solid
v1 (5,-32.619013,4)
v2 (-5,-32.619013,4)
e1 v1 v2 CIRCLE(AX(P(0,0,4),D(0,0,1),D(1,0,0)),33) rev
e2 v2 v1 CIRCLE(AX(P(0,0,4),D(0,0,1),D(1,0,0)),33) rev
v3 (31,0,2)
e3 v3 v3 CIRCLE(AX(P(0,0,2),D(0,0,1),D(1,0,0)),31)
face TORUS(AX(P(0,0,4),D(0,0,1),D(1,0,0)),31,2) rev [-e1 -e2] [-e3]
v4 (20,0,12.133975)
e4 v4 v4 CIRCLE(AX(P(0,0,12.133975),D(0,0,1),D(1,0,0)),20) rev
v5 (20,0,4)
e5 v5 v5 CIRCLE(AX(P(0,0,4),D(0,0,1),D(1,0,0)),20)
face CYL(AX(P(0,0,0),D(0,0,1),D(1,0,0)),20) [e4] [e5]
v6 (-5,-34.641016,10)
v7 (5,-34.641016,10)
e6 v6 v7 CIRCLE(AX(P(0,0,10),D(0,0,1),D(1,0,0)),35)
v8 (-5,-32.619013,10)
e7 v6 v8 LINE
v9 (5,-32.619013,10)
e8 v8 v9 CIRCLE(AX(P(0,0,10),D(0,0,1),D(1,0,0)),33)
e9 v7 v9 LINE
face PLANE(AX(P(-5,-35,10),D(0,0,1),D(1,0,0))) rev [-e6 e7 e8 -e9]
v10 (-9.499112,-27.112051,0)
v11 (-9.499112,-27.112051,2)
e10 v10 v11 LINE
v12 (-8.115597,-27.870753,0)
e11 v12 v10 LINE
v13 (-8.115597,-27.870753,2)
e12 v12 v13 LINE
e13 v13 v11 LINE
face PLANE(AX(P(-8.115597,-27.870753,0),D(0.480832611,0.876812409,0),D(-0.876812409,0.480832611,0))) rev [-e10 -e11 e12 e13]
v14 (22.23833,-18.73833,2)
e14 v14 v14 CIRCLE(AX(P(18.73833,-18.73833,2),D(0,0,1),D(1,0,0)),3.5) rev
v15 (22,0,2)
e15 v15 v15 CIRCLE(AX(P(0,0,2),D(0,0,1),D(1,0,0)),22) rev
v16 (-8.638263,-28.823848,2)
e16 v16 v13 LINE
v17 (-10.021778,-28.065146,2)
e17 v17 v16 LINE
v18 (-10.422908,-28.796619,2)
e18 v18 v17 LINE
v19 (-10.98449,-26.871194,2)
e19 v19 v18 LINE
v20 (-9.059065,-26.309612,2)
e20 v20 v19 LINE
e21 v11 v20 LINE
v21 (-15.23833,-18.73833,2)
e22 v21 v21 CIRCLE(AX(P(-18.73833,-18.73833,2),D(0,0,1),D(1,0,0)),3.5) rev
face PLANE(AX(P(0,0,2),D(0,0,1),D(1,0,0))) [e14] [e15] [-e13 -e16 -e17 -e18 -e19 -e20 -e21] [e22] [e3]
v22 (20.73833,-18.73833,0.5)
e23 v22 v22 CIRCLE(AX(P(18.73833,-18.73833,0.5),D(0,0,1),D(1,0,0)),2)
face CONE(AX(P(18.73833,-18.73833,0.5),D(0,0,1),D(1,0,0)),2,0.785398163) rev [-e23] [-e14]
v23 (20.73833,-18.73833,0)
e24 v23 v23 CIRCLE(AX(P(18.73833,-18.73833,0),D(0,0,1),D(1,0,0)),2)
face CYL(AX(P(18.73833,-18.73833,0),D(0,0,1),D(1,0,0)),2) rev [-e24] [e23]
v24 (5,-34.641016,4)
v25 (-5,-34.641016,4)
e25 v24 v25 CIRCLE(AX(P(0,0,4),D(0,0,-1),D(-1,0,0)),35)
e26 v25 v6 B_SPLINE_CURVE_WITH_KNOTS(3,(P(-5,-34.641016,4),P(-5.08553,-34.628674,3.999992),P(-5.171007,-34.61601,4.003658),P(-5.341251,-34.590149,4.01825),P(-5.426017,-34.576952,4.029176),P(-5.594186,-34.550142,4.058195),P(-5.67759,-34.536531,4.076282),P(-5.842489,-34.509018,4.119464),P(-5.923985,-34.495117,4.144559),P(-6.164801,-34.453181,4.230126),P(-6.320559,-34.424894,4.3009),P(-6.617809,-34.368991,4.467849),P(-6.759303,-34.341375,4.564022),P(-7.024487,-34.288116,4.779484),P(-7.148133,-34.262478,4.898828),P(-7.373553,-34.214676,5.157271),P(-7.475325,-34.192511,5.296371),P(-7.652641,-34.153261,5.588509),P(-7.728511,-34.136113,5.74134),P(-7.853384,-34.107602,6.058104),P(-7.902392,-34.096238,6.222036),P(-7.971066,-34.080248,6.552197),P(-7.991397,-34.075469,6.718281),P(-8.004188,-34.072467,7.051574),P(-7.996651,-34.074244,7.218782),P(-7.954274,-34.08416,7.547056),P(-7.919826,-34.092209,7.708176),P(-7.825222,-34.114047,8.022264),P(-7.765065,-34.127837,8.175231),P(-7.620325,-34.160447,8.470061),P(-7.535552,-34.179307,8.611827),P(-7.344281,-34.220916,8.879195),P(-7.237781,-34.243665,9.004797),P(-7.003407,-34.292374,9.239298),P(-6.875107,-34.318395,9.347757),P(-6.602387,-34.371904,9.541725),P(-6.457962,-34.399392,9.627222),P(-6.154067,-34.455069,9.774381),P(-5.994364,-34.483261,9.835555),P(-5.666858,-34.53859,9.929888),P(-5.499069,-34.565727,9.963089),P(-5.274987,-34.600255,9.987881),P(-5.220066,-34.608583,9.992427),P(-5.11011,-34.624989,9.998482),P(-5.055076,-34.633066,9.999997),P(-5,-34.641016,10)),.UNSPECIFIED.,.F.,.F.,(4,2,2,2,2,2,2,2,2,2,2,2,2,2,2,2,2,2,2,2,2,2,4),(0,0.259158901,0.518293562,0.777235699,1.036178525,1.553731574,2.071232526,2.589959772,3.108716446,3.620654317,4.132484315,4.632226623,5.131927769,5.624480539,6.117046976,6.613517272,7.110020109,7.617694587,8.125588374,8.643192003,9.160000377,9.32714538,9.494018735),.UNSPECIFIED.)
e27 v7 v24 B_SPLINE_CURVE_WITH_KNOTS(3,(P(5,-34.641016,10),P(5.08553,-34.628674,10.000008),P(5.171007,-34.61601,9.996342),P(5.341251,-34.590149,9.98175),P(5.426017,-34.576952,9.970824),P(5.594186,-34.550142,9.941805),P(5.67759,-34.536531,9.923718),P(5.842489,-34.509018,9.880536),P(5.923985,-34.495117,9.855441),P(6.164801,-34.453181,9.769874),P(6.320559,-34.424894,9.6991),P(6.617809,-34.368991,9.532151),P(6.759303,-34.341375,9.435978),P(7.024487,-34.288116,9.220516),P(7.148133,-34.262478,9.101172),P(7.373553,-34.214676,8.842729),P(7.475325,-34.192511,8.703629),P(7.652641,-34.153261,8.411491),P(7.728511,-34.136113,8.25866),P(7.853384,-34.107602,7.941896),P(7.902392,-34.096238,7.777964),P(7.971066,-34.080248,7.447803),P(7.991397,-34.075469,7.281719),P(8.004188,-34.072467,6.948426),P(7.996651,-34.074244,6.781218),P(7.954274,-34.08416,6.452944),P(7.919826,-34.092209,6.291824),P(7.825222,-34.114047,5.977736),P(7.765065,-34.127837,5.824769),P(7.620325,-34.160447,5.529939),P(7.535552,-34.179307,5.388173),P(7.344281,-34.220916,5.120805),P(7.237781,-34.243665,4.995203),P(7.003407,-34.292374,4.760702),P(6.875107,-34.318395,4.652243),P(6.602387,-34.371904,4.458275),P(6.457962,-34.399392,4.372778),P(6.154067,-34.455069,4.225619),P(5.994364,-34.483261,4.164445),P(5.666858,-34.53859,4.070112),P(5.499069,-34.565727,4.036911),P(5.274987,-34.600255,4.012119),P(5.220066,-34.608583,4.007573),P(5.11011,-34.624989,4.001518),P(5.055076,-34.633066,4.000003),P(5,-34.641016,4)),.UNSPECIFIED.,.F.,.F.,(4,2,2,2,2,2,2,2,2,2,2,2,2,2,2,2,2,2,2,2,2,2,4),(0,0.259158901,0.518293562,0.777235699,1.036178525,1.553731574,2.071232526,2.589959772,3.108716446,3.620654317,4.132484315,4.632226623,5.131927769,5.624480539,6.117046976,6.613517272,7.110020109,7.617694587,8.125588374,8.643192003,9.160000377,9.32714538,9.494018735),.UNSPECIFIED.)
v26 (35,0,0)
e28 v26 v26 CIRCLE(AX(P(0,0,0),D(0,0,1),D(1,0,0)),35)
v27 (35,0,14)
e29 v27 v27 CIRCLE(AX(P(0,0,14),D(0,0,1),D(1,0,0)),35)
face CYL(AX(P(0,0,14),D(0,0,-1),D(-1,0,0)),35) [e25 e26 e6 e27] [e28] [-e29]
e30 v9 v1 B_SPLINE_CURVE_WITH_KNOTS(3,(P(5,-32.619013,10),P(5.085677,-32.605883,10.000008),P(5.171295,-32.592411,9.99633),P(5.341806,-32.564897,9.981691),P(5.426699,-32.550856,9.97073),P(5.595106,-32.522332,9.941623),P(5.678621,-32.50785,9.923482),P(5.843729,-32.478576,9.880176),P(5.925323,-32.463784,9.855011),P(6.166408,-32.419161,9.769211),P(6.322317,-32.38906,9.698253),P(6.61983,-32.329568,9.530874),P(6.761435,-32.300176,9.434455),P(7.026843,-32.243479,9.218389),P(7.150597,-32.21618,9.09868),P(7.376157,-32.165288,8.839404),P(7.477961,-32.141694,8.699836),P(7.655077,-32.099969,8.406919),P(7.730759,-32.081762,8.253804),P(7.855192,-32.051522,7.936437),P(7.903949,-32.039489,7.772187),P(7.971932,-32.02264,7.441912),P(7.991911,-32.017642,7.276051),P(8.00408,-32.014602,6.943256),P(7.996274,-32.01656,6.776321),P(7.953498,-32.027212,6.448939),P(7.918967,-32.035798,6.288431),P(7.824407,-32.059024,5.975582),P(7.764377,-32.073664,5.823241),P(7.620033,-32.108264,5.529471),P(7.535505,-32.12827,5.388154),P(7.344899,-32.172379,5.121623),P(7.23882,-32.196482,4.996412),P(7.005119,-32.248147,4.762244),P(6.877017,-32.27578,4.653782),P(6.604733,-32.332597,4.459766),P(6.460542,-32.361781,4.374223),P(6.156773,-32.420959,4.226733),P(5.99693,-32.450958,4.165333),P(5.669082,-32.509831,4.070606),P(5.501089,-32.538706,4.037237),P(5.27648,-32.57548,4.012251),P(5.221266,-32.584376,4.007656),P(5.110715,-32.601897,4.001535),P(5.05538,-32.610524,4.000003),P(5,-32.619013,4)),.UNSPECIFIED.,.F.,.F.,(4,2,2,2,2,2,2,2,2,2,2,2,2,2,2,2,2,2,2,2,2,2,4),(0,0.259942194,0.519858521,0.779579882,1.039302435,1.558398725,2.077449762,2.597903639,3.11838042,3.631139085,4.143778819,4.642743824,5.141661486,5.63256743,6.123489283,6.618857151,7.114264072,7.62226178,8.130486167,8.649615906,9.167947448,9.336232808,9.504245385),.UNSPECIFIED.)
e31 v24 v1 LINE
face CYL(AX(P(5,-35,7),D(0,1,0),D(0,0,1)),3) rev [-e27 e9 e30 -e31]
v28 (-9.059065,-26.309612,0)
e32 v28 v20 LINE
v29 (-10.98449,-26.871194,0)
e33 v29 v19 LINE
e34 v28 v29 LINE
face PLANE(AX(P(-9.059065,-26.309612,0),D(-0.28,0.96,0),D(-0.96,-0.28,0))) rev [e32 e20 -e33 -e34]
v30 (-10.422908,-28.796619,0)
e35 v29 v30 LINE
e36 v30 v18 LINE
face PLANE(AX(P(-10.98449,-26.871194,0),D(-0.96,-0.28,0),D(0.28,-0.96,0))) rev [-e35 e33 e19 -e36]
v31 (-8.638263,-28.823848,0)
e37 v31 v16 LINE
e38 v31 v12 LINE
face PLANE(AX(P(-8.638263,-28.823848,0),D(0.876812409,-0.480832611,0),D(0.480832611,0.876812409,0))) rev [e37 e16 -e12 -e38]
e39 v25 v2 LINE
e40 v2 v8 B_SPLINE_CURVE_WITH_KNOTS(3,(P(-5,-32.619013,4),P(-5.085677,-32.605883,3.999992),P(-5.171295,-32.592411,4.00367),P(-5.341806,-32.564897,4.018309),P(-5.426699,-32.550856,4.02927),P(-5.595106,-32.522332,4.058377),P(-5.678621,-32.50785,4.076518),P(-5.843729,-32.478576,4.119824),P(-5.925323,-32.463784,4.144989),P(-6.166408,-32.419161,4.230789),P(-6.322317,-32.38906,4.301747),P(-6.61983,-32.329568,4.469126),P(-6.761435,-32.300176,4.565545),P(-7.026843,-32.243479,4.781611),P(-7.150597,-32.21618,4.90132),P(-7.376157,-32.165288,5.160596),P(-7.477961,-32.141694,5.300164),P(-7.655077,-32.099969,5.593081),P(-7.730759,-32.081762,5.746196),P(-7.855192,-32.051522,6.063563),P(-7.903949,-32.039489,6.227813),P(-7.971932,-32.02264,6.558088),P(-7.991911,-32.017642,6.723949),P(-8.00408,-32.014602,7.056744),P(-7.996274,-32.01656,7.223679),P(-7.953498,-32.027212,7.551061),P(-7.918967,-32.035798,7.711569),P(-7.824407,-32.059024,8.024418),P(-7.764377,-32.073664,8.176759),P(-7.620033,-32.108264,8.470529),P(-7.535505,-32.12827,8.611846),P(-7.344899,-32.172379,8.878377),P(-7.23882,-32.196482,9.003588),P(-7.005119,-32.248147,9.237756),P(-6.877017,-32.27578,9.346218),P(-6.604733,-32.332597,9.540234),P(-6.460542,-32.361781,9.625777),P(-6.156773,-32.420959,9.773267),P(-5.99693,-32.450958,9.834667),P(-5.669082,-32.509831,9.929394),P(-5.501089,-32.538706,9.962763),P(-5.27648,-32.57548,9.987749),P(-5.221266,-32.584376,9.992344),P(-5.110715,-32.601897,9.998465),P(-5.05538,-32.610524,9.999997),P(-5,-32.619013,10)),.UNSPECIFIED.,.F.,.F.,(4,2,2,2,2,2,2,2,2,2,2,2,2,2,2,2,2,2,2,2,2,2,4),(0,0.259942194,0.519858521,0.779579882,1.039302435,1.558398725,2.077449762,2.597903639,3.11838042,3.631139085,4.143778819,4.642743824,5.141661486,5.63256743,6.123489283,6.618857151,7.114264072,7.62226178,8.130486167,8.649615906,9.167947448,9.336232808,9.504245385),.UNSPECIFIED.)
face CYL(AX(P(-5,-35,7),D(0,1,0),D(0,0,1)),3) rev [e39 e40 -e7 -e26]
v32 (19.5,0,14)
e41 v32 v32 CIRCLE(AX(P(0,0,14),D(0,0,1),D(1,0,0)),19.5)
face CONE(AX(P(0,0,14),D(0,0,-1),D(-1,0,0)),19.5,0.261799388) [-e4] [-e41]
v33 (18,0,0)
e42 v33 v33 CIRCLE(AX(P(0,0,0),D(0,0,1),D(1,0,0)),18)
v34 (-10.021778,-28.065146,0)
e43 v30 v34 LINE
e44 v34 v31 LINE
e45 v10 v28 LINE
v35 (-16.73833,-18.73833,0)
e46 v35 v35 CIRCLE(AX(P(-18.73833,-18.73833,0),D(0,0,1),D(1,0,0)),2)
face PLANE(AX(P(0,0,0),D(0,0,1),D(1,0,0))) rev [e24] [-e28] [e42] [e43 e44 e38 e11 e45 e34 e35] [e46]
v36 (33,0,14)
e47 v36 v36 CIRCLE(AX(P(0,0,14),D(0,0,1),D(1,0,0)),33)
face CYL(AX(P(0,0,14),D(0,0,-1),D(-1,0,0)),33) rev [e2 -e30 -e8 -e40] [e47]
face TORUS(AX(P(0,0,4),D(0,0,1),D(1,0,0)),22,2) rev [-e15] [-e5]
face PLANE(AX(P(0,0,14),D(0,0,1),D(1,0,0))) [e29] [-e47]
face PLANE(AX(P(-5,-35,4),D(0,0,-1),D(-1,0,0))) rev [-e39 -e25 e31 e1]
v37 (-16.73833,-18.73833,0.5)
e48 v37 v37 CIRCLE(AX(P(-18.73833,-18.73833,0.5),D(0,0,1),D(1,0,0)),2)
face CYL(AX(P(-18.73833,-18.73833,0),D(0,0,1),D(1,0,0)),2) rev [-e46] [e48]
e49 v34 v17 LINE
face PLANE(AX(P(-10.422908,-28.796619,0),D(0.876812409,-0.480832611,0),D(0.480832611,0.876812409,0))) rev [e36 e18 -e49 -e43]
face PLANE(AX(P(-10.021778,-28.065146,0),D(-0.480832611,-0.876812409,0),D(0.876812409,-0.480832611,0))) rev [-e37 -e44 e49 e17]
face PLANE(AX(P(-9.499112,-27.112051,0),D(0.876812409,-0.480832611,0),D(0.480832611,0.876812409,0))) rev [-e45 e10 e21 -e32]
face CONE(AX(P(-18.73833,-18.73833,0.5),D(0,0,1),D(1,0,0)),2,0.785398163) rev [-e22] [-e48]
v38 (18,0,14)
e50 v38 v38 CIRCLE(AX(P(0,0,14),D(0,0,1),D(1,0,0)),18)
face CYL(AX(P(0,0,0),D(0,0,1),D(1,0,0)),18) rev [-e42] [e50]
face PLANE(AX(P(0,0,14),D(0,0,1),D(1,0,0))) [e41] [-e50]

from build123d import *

# Parameters (mm, degrees)
CROQUIS1_R              = 35
SALIENTE_EXTRUIR1_DEPTH = 14
CROQUIS2_R              = 18
CORTAR_EXTRUIR1_DEPTH   = 52.439284598
VACIADO1_T              = -2
REDONDEO1_R             = 2
CORTAR_EXTRUIR2_START   = -22
CORTAR_EXTRUIR2_DEPTH   = 30.439284598
CROQUIS4_R              = 2
CORTAR_EXTRUIR3_DEPTH   = 51.931326474
CHAFL_N1_SIZE           = 1.5
CHAFL_N2_SIZE           = 0.5
CHAFL_N2_SIZE2          = 1.866025404


with BuildPart() as part:
    # Croquis1 → Saliente-Extruir1 (new body)
    with BuildSketch(Plane.XY):
        Circle(CROQUIS1_R)
    extrude(amount=SALIENTE_EXTRUIR1_DEPTH)

    # Croquis2 → Cortar-Extruir1 (cut, through all)
    with BuildSketch(Plane.XY.offset(14)):
        Circle(CROQUIS2_R)
    extrude(amount=-CORTAR_EXTRUIR1_DEPTH, mode=Mode.SUBTRACT)

    # Vaciado1
    vaciado1_openings = [part.faces().sort_by_distance(p)[0] for p in [
        (-34.010050506, 0, 14),
    ]]
    offset(amount=VACIADO1_T, openings=vaciado1_openings, kind=Kind.INTERSECTION)

    # Redondeo1
    redondeo1_edges = [part.edges().sort_by_distance(p)[0] for p in [
        (-33, 0, 2),
        (-20, 0, 2),
    ]]
    fillet(redondeo1_edges, radius=REDONDEO1_R)

    # Croquis3 → Cortar-Extruir2 (cut, through all)
    with BuildSketch(Plane(origin=(0, 0, 0), x_dir=(1, 0, 0), z_dir=(0, 1, 0)).offset(CORTAR_EXTRUIR2_START)):
        with BuildLine():
            Line((-5, -4), (5, -4))
            ThreePointArc((5, -4), (8, -7), (5, -10))
            Line((5, -10), (-5, -10))
            ThreePointArc((-5, -10), (-8, -7), (-5, -4))
        make_face()
    extrude(amount=-CORTAR_EXTRUIR2_DEPTH, mode=Mode.SUBTRACT)

    # Croquis4 → Cortar-Extruir3 (cut, through all)
    with BuildSketch(Plane.XY.offset(2)):
        with Locations((-18.738329701, -18.738329701)):
            Circle(CROQUIS4_R)
        with Locations((18.738329701, -18.738329701)):
            Circle(CROQUIS4_R)
        Polygon((-8.115597392, -27.870752521), (-9.499112417, -27.112050733), (-9.05906538, -26.309612019), (-10.984489851, -26.871194156), (-10.422907714, -28.796618627), (-10.021777616, -28.065146095), (-8.638262591, -28.823847883), align=None)
    extrude(amount=-CORTAR_EXTRUIR3_DEPTH, mode=Mode.SUBTRACT)

    # Chaflán1
    chafl_n1_edges = [part.edges().sort_by_distance(p)[0] for p in [
        (-20.738329701, -18.738329701, 2),
        (16.738329701, -18.738329701, 2),
    ]]
    chamfer(chafl_n1_edges, length=CHAFL_N1_SIZE)

    # Chaflán2
    chafl_n2_edges = [part.edges().sort_by_distance(p)[0] for p in [
        (-20, 0, 14),
    ]]
    chafl_n2_side = [part.faces().sort_by_distance(p)[0] for p in [
        (-19.434314575, 0, 14),
    ]]
    chamfer(chafl_n2_edges, length=CHAFL_N2_SIZE, length2=CHAFL_N2_SIZE2, reference=chafl_n2_side[0])


solid = part.part
